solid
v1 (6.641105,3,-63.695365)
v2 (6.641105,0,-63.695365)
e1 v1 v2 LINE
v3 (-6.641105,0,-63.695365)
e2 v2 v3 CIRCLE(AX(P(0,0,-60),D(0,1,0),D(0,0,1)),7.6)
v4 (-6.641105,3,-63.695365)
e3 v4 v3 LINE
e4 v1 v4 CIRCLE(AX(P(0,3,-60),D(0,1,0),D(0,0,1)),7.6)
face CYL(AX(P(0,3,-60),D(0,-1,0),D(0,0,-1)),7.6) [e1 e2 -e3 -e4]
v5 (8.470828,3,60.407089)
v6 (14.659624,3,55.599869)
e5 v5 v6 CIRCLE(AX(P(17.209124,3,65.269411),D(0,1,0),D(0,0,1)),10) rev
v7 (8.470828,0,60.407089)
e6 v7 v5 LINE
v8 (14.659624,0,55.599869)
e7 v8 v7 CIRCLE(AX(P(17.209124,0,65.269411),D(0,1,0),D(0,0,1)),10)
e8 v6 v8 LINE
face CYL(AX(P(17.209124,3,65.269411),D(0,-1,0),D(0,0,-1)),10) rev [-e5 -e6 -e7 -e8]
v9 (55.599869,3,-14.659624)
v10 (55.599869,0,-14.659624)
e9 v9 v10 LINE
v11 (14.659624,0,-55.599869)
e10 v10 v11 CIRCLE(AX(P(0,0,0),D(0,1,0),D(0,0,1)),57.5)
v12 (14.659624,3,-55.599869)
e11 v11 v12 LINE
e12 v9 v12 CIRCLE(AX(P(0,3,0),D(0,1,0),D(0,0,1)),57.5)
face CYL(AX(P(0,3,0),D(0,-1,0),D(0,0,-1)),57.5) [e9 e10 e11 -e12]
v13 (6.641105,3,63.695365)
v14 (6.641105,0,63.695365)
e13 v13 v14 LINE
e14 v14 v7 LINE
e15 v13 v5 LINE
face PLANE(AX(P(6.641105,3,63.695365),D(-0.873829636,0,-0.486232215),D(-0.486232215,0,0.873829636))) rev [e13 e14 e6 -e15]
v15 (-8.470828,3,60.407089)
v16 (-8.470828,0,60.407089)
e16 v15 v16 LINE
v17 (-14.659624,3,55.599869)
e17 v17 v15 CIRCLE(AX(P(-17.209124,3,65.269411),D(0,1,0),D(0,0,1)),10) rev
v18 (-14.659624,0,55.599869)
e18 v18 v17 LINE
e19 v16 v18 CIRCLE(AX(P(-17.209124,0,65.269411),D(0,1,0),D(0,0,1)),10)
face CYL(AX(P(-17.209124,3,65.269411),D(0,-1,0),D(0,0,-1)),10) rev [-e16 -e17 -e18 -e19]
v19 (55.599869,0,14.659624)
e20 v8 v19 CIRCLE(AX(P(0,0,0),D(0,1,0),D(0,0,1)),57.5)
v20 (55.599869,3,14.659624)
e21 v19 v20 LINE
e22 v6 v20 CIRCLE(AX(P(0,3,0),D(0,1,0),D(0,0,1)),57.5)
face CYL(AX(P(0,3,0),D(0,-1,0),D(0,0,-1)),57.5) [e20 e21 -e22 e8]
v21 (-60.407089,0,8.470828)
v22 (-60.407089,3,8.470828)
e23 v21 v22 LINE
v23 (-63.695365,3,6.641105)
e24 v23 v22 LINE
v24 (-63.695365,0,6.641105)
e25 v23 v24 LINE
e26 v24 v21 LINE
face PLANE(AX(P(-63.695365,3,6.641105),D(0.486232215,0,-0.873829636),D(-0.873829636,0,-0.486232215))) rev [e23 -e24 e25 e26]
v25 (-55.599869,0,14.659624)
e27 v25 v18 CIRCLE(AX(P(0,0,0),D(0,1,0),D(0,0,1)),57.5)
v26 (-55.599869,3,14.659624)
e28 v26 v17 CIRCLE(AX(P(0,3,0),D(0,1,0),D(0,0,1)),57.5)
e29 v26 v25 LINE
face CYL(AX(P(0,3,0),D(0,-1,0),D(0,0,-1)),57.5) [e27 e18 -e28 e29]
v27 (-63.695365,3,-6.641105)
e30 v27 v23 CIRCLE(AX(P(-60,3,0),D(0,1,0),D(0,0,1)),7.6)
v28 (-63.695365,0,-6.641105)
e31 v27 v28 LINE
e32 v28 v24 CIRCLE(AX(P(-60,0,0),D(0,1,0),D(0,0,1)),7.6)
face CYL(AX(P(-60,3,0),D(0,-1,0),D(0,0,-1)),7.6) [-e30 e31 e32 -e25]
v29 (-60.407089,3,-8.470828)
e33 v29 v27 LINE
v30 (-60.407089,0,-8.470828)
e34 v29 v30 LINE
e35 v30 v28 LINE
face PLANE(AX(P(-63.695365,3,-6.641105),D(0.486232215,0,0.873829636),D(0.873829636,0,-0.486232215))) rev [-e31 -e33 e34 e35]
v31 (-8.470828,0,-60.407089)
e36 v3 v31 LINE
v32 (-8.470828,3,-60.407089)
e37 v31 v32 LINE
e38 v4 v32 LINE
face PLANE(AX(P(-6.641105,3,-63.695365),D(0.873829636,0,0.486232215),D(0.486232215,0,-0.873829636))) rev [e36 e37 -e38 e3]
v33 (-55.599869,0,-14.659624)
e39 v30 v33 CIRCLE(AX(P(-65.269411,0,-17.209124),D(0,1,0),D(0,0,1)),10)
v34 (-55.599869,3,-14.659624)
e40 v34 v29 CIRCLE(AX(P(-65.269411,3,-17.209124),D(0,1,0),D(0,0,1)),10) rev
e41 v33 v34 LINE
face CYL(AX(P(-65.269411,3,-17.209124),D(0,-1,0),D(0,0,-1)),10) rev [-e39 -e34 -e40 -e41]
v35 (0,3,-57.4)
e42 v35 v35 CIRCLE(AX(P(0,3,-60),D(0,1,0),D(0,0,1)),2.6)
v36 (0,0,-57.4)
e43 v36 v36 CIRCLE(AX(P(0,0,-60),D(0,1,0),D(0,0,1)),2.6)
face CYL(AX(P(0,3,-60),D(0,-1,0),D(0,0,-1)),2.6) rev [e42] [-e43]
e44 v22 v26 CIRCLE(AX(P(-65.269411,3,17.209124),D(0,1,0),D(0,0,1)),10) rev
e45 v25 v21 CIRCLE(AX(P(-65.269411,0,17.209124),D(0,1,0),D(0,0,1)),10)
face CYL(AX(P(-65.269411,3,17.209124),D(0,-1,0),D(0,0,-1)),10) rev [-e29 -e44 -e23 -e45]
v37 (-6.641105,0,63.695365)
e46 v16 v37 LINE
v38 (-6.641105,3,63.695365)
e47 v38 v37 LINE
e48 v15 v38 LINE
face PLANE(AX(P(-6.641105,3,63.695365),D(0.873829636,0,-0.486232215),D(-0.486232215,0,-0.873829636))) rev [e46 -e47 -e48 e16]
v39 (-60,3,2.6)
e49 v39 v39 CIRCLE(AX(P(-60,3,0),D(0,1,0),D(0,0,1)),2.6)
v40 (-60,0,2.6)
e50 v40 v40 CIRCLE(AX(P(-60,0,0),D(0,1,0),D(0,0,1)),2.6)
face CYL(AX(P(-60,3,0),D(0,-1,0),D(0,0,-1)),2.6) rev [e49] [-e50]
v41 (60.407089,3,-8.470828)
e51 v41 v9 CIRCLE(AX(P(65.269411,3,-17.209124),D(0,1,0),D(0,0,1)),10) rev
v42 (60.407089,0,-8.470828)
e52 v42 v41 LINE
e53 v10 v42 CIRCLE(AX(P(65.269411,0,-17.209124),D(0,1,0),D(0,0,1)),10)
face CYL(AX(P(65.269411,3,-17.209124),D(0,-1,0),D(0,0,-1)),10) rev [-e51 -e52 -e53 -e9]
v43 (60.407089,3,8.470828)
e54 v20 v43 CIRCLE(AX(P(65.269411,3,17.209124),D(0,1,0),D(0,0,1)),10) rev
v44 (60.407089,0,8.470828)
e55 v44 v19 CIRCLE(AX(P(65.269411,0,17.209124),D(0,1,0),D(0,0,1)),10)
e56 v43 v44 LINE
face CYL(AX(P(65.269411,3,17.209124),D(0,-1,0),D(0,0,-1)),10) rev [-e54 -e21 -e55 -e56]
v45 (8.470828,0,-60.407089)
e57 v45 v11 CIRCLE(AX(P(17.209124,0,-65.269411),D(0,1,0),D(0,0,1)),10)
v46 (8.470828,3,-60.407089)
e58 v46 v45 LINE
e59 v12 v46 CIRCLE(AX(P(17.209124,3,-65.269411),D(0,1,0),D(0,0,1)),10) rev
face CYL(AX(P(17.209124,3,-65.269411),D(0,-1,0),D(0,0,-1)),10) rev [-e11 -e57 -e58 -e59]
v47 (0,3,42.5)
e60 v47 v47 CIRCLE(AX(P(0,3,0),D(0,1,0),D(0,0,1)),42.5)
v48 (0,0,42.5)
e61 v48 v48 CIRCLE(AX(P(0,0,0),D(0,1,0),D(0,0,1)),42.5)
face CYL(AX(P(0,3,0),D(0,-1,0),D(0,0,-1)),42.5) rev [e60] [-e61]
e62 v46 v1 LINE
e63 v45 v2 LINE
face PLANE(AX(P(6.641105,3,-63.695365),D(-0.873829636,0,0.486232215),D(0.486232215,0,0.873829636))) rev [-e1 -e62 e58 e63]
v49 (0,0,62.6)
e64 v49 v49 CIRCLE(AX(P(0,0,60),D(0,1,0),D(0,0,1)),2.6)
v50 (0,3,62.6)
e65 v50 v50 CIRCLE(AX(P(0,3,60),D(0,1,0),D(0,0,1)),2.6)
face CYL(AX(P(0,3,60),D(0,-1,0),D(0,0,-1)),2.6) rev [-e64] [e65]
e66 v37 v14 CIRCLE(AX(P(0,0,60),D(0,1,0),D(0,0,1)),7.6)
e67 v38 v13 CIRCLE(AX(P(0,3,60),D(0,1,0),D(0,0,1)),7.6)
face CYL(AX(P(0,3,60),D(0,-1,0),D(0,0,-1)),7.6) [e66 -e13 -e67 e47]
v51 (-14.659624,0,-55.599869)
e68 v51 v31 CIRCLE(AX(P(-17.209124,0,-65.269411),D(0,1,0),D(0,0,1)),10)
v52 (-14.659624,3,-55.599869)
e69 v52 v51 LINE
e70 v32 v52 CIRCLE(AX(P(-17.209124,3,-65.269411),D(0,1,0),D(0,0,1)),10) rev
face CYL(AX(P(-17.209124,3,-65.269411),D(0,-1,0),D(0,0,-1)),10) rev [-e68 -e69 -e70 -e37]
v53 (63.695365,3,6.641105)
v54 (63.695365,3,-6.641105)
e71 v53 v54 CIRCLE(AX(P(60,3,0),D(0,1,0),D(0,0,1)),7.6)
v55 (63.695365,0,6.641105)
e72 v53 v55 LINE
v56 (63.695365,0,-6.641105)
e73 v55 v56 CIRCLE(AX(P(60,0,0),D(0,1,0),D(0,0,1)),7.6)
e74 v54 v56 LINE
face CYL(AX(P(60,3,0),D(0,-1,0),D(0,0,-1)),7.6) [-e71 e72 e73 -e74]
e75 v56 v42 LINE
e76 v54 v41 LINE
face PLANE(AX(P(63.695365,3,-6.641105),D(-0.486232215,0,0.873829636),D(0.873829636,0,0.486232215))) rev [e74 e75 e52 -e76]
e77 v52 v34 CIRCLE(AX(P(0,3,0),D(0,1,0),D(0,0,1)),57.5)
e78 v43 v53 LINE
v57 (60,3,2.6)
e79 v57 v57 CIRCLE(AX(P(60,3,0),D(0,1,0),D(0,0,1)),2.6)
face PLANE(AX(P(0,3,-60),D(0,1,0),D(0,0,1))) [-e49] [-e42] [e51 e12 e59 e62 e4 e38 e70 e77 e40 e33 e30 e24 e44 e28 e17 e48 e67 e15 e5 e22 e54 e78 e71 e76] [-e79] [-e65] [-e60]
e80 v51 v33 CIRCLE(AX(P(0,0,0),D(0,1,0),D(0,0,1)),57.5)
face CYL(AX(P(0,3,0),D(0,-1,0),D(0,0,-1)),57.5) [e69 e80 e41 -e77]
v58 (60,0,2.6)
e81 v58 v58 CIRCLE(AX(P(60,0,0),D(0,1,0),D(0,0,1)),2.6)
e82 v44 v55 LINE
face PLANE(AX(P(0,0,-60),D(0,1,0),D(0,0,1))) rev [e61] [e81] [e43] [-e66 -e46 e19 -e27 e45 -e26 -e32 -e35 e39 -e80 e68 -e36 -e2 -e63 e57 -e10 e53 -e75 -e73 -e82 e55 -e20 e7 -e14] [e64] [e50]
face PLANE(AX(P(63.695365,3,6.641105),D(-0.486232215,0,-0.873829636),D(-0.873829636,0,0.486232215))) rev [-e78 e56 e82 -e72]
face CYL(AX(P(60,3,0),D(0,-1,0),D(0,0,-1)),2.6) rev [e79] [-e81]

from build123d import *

# Parameters (mm, degrees)
SKETCH_1_R      = 42.5
SKETCH_1_R_2    = 2.6
EXTRUDE_1_DEPTH = 3
FILLET_1_R      = 10


with BuildPart() as part:
    # ｽｹｯﾁ1 → ﾎﾞｽ - 押し出し1 (new body)
    with BuildSketch(Plane(origin=(0, 0, 0), x_dir=(1, 0, 0), z_dir=(0, 1, 0))):
        with BuildLine():
            Line((-6.641105235, 63.695364835), (-10.641105235, 56.506786136))
            ThreePointArc((-10.641105235, 56.506786136), (-40.658639918, 40.658639918), (-56.506786136, 10.641105235))
            Line((-56.506786136, 10.641105235), (-63.695364835, 6.641105235))
            ThreePointArc((-63.695364835, 6.641105235), (-67.6, 0), (-63.695364835, -6.641105235))
            Line((-63.695364835, -6.641105235), (-56.506786136, -10.641105235))
            ThreePointArc((-56.506786136, -10.641105235), (-40.658639918, -40.658639918), (-10.641105235, -56.506786136))
            Line((-10.641105235, -56.506786136), (-6.641105235, -63.695364835))
            ThreePointArc((-6.641105235, -63.695364835), (0, -67.6), (6.641105235, -63.695364835))
            Line((6.641105235, -63.695364835), (10.641105235, -56.506786136))
            ThreePointArc((10.641105235, -56.506786136), (40.658639918, -40.658639918), (56.506786136, -10.641105235))
            Line((56.506786136, -10.641105235), (63.695364835, -6.641105235))
            ThreePointArc((63.695364835, -6.641105235), (67.6, 0), (63.695364835, 6.641105235))
            Line((63.695364835, 6.641105235), (56.506786136, 10.641105235))
            ThreePointArc((56.506786136, 10.641105235), (40.658639918, 40.658639918), (10.641105235, 56.506786136))
            Line((10.641105235, 56.506786136), (6.641105235, 63.695364835))
            ThreePointArc((6.641105235, 63.695364835), (0, 67.6), (-6.641105235, 63.695364835))
        make_face()
        with Locations(Location((0, 0, 0), (0, 0, 270))):
            Circle(SKETCH_1_R, mode=Mode.SUBTRACT)
        with Locations(Location((0, 60, 0), (0, 0, 270))):
            Circle(SKETCH_1_R_2, mode=Mode.SUBTRACT)
        with Locations(Location((60, 0, 0), (0, 0, 270))):
            Circle(SKETCH_1_R_2, mode=Mode.SUBTRACT)
        with Locations(Location((0, -60, 0), (0, 0, 270))):
            Circle(SKETCH_1_R_2, mode=Mode.SUBTRACT)
        with Locations(Location((-60, 0, 0), (0, 0, 270))):
            Circle(SKETCH_1_R_2, mode=Mode.SUBTRACT)
    extrude(amount=EXTRUDE_1_DEPTH)

    # ﾌｨﾚｯﾄ1
    fillet_1_edges = [part.edges().sort_by_distance(p)[0] for p in [
        (10.641105235, 1.5, -56.506786136),
        (56.506786136, 1.5, -10.641105235),
        (56.506786136, 1.5, 10.641105235),
        (10.641105235, 1.5, 56.506786136),
        (-10.641105235, 1.5, 56.506786136),
        (-56.506786136, 1.5, 10.641105235),
        (-56.506786136, 1.5, -10.641105235),
        (-10.641105235, 1.5, -56.506786136),
    ]]
    fillet(fillet_1_edges, radius=FILLET_1_R)


solid = part.part
